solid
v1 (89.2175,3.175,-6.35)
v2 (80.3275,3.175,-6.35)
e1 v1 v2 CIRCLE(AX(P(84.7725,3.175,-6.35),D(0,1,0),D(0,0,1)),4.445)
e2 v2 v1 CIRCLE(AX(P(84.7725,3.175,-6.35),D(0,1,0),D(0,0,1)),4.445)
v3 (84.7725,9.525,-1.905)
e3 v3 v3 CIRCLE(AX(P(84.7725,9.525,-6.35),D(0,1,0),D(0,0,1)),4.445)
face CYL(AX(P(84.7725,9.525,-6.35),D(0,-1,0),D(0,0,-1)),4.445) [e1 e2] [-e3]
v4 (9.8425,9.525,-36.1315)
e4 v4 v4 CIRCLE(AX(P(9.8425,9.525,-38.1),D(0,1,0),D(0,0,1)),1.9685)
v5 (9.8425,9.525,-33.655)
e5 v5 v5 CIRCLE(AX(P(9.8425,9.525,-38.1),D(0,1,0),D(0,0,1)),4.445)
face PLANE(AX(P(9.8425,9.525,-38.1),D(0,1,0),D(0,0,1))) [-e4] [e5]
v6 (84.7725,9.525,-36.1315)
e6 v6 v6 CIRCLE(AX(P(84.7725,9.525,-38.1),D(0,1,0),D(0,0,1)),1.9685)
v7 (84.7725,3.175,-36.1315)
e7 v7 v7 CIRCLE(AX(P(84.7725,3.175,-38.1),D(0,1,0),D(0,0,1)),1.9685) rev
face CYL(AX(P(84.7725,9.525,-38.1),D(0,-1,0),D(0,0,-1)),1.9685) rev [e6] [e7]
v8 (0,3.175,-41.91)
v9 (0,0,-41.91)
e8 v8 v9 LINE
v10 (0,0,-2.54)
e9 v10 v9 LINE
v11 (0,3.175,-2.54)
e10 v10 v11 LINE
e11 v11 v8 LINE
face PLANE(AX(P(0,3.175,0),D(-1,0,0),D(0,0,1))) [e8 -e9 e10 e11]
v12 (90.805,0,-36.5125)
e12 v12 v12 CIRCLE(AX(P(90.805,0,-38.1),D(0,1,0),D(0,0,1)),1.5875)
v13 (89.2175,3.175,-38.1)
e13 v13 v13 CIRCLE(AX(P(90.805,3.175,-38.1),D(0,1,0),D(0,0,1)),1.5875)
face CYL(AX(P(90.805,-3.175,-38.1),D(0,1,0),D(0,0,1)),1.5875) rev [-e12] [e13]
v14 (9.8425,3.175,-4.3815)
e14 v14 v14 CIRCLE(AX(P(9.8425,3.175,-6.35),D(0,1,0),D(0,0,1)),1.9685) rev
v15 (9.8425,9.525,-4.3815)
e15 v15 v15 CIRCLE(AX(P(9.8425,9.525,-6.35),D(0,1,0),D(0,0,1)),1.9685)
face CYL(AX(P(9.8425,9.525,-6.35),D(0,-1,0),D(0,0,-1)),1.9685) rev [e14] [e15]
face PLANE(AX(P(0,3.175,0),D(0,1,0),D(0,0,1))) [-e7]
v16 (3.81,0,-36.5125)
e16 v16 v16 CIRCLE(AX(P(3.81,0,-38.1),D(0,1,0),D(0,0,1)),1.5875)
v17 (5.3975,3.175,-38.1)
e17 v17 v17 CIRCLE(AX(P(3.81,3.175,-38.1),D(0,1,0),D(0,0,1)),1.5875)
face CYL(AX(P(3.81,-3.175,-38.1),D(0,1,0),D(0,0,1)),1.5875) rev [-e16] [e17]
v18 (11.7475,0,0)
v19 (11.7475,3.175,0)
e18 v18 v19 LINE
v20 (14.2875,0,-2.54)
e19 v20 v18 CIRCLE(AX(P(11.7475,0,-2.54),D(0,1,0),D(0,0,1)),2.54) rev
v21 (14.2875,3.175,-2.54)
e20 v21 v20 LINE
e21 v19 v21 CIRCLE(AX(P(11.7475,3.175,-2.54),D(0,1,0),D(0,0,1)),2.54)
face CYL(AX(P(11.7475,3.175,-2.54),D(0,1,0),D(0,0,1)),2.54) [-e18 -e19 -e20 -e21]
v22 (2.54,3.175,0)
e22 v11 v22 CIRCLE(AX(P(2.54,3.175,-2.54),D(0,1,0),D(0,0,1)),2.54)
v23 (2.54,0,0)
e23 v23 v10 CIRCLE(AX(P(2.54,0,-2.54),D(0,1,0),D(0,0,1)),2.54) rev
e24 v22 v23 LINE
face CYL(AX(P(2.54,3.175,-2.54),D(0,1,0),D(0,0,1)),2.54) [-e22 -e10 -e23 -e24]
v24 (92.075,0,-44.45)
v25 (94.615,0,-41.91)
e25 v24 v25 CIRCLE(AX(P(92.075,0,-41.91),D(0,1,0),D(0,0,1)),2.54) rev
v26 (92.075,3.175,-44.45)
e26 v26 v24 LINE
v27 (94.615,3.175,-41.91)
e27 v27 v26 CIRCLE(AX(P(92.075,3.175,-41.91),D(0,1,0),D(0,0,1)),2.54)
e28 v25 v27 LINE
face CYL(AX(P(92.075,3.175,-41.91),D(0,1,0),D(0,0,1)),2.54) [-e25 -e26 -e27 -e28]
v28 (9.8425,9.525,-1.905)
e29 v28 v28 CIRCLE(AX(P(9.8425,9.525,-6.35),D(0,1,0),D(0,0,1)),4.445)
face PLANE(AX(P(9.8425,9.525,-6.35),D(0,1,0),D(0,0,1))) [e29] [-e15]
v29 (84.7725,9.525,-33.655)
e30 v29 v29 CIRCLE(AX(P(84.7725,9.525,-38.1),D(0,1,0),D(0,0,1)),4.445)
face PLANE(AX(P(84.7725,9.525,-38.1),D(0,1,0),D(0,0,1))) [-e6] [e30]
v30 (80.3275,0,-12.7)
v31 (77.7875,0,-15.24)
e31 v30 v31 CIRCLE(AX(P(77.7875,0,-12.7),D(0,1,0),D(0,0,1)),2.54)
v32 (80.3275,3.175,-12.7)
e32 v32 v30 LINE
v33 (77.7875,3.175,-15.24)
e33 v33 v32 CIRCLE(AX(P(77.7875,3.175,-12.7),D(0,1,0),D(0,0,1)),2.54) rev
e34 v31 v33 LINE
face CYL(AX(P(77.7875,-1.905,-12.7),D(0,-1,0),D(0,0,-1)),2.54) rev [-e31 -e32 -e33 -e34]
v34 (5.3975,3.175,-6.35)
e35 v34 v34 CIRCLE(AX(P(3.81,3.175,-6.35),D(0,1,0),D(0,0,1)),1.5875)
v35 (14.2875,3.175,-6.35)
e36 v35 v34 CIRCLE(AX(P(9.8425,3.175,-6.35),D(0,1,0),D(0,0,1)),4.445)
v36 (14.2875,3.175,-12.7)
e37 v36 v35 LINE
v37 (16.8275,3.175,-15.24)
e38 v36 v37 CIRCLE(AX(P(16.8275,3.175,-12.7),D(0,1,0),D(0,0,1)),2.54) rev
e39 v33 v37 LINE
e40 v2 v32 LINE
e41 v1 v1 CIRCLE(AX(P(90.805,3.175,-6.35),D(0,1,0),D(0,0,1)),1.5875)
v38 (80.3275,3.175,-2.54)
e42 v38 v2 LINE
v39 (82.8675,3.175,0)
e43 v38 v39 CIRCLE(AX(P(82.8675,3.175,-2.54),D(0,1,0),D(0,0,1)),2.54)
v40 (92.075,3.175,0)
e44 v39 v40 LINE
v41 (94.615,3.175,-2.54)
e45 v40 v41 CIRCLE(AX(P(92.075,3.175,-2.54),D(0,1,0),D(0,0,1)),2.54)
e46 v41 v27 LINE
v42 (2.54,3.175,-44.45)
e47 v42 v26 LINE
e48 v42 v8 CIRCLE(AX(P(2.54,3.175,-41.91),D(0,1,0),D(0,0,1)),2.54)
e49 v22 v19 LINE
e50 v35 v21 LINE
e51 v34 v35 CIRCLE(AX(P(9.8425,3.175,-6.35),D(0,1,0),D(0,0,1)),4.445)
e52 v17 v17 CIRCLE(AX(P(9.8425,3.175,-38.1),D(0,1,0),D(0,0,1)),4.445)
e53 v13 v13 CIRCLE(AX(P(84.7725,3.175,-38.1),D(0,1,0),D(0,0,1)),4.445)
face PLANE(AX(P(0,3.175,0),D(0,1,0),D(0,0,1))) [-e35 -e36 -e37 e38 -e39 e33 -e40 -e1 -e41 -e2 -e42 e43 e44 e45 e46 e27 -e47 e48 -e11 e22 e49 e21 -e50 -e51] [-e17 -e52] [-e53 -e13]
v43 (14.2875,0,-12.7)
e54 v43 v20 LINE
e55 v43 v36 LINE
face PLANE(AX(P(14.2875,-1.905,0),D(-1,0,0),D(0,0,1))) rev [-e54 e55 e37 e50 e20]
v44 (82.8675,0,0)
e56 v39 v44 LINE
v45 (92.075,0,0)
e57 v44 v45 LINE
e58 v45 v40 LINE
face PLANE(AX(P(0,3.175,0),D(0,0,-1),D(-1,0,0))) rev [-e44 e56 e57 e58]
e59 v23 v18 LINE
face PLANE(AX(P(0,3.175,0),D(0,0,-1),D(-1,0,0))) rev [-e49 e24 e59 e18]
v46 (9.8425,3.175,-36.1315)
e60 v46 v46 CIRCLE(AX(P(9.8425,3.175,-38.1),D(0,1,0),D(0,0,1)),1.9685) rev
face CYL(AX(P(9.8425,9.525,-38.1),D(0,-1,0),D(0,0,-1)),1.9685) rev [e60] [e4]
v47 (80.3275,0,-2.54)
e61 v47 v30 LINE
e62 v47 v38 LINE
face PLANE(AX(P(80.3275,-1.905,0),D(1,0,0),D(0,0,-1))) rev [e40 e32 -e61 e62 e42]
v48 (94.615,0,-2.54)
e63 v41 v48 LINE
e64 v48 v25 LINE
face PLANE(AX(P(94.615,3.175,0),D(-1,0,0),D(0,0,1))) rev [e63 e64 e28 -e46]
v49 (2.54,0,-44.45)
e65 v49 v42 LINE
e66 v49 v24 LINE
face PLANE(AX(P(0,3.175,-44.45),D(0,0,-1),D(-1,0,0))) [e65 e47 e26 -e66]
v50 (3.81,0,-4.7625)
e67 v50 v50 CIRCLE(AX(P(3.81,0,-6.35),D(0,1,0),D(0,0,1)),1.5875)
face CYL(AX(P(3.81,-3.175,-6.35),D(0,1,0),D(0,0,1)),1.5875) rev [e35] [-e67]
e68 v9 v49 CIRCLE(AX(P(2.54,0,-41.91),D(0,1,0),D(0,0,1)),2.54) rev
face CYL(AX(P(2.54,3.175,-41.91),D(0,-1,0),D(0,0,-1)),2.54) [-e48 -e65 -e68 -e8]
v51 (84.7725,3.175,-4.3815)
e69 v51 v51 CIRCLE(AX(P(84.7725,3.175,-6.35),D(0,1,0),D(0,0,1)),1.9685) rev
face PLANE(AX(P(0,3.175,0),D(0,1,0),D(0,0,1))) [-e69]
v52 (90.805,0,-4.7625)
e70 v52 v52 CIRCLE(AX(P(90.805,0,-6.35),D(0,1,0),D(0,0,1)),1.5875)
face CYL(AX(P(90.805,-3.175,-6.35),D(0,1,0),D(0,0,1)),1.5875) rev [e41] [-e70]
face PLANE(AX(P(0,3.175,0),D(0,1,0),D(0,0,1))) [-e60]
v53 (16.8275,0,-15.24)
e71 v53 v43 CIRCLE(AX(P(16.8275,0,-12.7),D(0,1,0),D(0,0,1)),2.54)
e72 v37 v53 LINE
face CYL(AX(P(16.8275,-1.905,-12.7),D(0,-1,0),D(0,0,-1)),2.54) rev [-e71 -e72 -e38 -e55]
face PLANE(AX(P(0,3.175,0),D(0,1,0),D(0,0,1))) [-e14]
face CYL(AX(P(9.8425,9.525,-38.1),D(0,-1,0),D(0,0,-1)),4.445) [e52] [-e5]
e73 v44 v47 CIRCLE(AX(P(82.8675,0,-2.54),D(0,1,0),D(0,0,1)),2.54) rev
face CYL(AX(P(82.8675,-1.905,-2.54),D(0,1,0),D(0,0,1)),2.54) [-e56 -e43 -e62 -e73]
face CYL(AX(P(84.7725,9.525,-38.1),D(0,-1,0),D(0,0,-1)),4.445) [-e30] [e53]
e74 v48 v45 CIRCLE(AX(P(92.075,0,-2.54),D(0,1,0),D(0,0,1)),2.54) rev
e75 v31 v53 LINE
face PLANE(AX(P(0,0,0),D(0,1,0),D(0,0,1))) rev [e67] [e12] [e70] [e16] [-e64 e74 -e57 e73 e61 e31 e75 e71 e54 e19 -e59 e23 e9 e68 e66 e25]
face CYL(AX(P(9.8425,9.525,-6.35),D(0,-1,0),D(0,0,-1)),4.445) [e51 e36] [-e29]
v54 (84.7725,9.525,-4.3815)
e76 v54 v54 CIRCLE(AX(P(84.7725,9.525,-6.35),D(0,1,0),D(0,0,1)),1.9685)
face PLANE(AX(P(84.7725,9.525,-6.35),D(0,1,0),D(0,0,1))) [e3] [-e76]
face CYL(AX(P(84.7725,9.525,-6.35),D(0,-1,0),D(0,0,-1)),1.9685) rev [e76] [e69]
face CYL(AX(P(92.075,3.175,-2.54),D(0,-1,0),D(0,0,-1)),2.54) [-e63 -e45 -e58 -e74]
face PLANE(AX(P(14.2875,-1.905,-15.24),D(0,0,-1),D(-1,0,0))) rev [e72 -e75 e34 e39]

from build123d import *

# Parameters (mm, degrees)
SKETCH1_W           = 94.615
SKETCH1_H           = 44.45
BOSS_EXTRUDE1_DEPTH = 3.175
SKETCH2_R           = 4.445
SKETCH2_R_2         = 1.9685
BOSS_EXTRUDE2_DEPTH = 6.35
SKETCH4_R           = 1.5875
CUT_EXTRUDE1_DEPTH  = 6.35
FILLET1_R           = 2.54
SKETCH6_W           = 66.04
SKETCH6_H           = 15.24
CUT_EXTRUDE2_DEPTH  = 5.08
FILLET2_R           = 2.54


with BuildPart() as part:
    # Sketch1 → Boss-Extrude1 (new body)
    with BuildSketch(Plane(origin=(0, 0, 0), x_dir=(1, 0, 0), z_dir=(0, 1, 0))):
        with Locations((47.3075, 22.225)):
            Rectangle(SKETCH1_W, SKETCH1_H)
    extrude(amount=BOSS_EXTRUDE1_DEPTH)

    # Sketch2 → Boss-Extrude2 (add)
    # profile 1 of 4: a face of its own
    with BuildSketch(Plane(origin=(0, 3.175, 0), x_dir=(1, 0, 0), z_dir=(0, 1, 0))):
        with Locations(Location((9.8425, 6.35, 0), (0, 0, 270))):
            Circle(SKETCH2_R)
        with Locations(Location((9.8425, 6.35, 0), (0, 0, 270))):
            Circle(SKETCH2_R_2, mode=Mode.SUBTRACT)
    # profile 2 of 4: a face of its own
    with BuildSketch(Plane(origin=(0, 3.175, 0), x_dir=(1, 0, 0), z_dir=(0, 1, 0))):
        with Locations(Location((9.8425, 38.1, 0), (0, 0, 270))):
            Circle(SKETCH2_R)
        with Locations(Location((9.8425, 38.1, 0), (0, 0, 270))):
            Circle(SKETCH2_R_2, mode=Mode.SUBTRACT)
    # profile 3 of 4: a face of its own
    with BuildSketch(Plane(origin=(0, 3.175, 0), x_dir=(1, 0, 0), z_dir=(0, 1, 0))):
        with Locations(Location((84.7725, 38.1, 0), (0, 0, 270))):
            Circle(SKETCH2_R)
        with Locations(Location((84.7725, 38.1, 0), (0, 0, 270))):
            Circle(SKETCH2_R_2, mode=Mode.SUBTRACT)
    # profile 4 of 4: a face of its own
    with BuildSketch(Plane(origin=(0, 3.175, 0), x_dir=(1, 0, 0), z_dir=(0, 1, 0))):
        with Locations(Location((84.7725, 6.35, 0), (0, 0, 270))):
            Circle(SKETCH2_R)
        with Locations(Location((84.7725, 6.35, 0), (0, 0, 270))):
            Circle(SKETCH2_R_2, mode=Mode.SUBTRACT)
    extrude(amount=BOSS_EXTRUDE2_DEPTH)

    # Sketch4 → Cut-Extrude1 (cut)
    with BuildSketch(Plane(origin=(0, 3.175, 0), x_dir=(1, 0, 0), z_dir=(0, 1, 0))):
        with Locations(Location((3.81, 38.1, 0), (0, 0, 270))):
            Circle(SKETCH4_R)
        with Locations(Location((3.81, 6.35, 0), (0, 0, 270))):
            Circle(SKETCH4_R)
        with Locations(Location((90.805, 38.1, 0), (0, 0, 270))):
            Circle(SKETCH4_R)
        with Locations(Location((90.805, 6.35, 0), (0, 0, 270))):
            Circle(SKETCH4_R)
    extrude(amount=-CUT_EXTRUDE1_DEPTH, mode=Mode.SUBTRACT)

    # Fillet1
    fillet1_edges = [part.edges().sort_by_distance(p)[0] for p in [
        (0, 1.5875, -44.45),
        (0, 1.5875, 0),
        (94.615, 1.5875, 0),
        (94.615, 1.5875, -44.45),
    ]]
    fillet(fillet1_edges, radius=FILLET1_R)

    # Sketch6 → Cut-Extrude2 (cut)
    with BuildSketch(Plane(origin=(0, 3.175, 0), x_dir=(1, 0, 0), z_dir=(0, 1, 0))):
        with Locations((47.3075, 7.62)):
            Rectangle(SKETCH6_W, SKETCH6_H)
    extrude(amount=-CUT_EXTRUDE2_DEPTH, mode=Mode.SUBTRACT)

    # Fillet2
    fillet2_edges = [part.edges().sort_by_distance(p)[0] for p in [
        (14.2875, 1.5875, 0),
        (14.2875, 1.5875, -15.24),
        (80.3275, 1.5875, -15.24),
        (80.3275, 1.5875, 0),
    ]]
    fillet(fillet2_edges, radius=FILLET2_R)


solid = part.part
